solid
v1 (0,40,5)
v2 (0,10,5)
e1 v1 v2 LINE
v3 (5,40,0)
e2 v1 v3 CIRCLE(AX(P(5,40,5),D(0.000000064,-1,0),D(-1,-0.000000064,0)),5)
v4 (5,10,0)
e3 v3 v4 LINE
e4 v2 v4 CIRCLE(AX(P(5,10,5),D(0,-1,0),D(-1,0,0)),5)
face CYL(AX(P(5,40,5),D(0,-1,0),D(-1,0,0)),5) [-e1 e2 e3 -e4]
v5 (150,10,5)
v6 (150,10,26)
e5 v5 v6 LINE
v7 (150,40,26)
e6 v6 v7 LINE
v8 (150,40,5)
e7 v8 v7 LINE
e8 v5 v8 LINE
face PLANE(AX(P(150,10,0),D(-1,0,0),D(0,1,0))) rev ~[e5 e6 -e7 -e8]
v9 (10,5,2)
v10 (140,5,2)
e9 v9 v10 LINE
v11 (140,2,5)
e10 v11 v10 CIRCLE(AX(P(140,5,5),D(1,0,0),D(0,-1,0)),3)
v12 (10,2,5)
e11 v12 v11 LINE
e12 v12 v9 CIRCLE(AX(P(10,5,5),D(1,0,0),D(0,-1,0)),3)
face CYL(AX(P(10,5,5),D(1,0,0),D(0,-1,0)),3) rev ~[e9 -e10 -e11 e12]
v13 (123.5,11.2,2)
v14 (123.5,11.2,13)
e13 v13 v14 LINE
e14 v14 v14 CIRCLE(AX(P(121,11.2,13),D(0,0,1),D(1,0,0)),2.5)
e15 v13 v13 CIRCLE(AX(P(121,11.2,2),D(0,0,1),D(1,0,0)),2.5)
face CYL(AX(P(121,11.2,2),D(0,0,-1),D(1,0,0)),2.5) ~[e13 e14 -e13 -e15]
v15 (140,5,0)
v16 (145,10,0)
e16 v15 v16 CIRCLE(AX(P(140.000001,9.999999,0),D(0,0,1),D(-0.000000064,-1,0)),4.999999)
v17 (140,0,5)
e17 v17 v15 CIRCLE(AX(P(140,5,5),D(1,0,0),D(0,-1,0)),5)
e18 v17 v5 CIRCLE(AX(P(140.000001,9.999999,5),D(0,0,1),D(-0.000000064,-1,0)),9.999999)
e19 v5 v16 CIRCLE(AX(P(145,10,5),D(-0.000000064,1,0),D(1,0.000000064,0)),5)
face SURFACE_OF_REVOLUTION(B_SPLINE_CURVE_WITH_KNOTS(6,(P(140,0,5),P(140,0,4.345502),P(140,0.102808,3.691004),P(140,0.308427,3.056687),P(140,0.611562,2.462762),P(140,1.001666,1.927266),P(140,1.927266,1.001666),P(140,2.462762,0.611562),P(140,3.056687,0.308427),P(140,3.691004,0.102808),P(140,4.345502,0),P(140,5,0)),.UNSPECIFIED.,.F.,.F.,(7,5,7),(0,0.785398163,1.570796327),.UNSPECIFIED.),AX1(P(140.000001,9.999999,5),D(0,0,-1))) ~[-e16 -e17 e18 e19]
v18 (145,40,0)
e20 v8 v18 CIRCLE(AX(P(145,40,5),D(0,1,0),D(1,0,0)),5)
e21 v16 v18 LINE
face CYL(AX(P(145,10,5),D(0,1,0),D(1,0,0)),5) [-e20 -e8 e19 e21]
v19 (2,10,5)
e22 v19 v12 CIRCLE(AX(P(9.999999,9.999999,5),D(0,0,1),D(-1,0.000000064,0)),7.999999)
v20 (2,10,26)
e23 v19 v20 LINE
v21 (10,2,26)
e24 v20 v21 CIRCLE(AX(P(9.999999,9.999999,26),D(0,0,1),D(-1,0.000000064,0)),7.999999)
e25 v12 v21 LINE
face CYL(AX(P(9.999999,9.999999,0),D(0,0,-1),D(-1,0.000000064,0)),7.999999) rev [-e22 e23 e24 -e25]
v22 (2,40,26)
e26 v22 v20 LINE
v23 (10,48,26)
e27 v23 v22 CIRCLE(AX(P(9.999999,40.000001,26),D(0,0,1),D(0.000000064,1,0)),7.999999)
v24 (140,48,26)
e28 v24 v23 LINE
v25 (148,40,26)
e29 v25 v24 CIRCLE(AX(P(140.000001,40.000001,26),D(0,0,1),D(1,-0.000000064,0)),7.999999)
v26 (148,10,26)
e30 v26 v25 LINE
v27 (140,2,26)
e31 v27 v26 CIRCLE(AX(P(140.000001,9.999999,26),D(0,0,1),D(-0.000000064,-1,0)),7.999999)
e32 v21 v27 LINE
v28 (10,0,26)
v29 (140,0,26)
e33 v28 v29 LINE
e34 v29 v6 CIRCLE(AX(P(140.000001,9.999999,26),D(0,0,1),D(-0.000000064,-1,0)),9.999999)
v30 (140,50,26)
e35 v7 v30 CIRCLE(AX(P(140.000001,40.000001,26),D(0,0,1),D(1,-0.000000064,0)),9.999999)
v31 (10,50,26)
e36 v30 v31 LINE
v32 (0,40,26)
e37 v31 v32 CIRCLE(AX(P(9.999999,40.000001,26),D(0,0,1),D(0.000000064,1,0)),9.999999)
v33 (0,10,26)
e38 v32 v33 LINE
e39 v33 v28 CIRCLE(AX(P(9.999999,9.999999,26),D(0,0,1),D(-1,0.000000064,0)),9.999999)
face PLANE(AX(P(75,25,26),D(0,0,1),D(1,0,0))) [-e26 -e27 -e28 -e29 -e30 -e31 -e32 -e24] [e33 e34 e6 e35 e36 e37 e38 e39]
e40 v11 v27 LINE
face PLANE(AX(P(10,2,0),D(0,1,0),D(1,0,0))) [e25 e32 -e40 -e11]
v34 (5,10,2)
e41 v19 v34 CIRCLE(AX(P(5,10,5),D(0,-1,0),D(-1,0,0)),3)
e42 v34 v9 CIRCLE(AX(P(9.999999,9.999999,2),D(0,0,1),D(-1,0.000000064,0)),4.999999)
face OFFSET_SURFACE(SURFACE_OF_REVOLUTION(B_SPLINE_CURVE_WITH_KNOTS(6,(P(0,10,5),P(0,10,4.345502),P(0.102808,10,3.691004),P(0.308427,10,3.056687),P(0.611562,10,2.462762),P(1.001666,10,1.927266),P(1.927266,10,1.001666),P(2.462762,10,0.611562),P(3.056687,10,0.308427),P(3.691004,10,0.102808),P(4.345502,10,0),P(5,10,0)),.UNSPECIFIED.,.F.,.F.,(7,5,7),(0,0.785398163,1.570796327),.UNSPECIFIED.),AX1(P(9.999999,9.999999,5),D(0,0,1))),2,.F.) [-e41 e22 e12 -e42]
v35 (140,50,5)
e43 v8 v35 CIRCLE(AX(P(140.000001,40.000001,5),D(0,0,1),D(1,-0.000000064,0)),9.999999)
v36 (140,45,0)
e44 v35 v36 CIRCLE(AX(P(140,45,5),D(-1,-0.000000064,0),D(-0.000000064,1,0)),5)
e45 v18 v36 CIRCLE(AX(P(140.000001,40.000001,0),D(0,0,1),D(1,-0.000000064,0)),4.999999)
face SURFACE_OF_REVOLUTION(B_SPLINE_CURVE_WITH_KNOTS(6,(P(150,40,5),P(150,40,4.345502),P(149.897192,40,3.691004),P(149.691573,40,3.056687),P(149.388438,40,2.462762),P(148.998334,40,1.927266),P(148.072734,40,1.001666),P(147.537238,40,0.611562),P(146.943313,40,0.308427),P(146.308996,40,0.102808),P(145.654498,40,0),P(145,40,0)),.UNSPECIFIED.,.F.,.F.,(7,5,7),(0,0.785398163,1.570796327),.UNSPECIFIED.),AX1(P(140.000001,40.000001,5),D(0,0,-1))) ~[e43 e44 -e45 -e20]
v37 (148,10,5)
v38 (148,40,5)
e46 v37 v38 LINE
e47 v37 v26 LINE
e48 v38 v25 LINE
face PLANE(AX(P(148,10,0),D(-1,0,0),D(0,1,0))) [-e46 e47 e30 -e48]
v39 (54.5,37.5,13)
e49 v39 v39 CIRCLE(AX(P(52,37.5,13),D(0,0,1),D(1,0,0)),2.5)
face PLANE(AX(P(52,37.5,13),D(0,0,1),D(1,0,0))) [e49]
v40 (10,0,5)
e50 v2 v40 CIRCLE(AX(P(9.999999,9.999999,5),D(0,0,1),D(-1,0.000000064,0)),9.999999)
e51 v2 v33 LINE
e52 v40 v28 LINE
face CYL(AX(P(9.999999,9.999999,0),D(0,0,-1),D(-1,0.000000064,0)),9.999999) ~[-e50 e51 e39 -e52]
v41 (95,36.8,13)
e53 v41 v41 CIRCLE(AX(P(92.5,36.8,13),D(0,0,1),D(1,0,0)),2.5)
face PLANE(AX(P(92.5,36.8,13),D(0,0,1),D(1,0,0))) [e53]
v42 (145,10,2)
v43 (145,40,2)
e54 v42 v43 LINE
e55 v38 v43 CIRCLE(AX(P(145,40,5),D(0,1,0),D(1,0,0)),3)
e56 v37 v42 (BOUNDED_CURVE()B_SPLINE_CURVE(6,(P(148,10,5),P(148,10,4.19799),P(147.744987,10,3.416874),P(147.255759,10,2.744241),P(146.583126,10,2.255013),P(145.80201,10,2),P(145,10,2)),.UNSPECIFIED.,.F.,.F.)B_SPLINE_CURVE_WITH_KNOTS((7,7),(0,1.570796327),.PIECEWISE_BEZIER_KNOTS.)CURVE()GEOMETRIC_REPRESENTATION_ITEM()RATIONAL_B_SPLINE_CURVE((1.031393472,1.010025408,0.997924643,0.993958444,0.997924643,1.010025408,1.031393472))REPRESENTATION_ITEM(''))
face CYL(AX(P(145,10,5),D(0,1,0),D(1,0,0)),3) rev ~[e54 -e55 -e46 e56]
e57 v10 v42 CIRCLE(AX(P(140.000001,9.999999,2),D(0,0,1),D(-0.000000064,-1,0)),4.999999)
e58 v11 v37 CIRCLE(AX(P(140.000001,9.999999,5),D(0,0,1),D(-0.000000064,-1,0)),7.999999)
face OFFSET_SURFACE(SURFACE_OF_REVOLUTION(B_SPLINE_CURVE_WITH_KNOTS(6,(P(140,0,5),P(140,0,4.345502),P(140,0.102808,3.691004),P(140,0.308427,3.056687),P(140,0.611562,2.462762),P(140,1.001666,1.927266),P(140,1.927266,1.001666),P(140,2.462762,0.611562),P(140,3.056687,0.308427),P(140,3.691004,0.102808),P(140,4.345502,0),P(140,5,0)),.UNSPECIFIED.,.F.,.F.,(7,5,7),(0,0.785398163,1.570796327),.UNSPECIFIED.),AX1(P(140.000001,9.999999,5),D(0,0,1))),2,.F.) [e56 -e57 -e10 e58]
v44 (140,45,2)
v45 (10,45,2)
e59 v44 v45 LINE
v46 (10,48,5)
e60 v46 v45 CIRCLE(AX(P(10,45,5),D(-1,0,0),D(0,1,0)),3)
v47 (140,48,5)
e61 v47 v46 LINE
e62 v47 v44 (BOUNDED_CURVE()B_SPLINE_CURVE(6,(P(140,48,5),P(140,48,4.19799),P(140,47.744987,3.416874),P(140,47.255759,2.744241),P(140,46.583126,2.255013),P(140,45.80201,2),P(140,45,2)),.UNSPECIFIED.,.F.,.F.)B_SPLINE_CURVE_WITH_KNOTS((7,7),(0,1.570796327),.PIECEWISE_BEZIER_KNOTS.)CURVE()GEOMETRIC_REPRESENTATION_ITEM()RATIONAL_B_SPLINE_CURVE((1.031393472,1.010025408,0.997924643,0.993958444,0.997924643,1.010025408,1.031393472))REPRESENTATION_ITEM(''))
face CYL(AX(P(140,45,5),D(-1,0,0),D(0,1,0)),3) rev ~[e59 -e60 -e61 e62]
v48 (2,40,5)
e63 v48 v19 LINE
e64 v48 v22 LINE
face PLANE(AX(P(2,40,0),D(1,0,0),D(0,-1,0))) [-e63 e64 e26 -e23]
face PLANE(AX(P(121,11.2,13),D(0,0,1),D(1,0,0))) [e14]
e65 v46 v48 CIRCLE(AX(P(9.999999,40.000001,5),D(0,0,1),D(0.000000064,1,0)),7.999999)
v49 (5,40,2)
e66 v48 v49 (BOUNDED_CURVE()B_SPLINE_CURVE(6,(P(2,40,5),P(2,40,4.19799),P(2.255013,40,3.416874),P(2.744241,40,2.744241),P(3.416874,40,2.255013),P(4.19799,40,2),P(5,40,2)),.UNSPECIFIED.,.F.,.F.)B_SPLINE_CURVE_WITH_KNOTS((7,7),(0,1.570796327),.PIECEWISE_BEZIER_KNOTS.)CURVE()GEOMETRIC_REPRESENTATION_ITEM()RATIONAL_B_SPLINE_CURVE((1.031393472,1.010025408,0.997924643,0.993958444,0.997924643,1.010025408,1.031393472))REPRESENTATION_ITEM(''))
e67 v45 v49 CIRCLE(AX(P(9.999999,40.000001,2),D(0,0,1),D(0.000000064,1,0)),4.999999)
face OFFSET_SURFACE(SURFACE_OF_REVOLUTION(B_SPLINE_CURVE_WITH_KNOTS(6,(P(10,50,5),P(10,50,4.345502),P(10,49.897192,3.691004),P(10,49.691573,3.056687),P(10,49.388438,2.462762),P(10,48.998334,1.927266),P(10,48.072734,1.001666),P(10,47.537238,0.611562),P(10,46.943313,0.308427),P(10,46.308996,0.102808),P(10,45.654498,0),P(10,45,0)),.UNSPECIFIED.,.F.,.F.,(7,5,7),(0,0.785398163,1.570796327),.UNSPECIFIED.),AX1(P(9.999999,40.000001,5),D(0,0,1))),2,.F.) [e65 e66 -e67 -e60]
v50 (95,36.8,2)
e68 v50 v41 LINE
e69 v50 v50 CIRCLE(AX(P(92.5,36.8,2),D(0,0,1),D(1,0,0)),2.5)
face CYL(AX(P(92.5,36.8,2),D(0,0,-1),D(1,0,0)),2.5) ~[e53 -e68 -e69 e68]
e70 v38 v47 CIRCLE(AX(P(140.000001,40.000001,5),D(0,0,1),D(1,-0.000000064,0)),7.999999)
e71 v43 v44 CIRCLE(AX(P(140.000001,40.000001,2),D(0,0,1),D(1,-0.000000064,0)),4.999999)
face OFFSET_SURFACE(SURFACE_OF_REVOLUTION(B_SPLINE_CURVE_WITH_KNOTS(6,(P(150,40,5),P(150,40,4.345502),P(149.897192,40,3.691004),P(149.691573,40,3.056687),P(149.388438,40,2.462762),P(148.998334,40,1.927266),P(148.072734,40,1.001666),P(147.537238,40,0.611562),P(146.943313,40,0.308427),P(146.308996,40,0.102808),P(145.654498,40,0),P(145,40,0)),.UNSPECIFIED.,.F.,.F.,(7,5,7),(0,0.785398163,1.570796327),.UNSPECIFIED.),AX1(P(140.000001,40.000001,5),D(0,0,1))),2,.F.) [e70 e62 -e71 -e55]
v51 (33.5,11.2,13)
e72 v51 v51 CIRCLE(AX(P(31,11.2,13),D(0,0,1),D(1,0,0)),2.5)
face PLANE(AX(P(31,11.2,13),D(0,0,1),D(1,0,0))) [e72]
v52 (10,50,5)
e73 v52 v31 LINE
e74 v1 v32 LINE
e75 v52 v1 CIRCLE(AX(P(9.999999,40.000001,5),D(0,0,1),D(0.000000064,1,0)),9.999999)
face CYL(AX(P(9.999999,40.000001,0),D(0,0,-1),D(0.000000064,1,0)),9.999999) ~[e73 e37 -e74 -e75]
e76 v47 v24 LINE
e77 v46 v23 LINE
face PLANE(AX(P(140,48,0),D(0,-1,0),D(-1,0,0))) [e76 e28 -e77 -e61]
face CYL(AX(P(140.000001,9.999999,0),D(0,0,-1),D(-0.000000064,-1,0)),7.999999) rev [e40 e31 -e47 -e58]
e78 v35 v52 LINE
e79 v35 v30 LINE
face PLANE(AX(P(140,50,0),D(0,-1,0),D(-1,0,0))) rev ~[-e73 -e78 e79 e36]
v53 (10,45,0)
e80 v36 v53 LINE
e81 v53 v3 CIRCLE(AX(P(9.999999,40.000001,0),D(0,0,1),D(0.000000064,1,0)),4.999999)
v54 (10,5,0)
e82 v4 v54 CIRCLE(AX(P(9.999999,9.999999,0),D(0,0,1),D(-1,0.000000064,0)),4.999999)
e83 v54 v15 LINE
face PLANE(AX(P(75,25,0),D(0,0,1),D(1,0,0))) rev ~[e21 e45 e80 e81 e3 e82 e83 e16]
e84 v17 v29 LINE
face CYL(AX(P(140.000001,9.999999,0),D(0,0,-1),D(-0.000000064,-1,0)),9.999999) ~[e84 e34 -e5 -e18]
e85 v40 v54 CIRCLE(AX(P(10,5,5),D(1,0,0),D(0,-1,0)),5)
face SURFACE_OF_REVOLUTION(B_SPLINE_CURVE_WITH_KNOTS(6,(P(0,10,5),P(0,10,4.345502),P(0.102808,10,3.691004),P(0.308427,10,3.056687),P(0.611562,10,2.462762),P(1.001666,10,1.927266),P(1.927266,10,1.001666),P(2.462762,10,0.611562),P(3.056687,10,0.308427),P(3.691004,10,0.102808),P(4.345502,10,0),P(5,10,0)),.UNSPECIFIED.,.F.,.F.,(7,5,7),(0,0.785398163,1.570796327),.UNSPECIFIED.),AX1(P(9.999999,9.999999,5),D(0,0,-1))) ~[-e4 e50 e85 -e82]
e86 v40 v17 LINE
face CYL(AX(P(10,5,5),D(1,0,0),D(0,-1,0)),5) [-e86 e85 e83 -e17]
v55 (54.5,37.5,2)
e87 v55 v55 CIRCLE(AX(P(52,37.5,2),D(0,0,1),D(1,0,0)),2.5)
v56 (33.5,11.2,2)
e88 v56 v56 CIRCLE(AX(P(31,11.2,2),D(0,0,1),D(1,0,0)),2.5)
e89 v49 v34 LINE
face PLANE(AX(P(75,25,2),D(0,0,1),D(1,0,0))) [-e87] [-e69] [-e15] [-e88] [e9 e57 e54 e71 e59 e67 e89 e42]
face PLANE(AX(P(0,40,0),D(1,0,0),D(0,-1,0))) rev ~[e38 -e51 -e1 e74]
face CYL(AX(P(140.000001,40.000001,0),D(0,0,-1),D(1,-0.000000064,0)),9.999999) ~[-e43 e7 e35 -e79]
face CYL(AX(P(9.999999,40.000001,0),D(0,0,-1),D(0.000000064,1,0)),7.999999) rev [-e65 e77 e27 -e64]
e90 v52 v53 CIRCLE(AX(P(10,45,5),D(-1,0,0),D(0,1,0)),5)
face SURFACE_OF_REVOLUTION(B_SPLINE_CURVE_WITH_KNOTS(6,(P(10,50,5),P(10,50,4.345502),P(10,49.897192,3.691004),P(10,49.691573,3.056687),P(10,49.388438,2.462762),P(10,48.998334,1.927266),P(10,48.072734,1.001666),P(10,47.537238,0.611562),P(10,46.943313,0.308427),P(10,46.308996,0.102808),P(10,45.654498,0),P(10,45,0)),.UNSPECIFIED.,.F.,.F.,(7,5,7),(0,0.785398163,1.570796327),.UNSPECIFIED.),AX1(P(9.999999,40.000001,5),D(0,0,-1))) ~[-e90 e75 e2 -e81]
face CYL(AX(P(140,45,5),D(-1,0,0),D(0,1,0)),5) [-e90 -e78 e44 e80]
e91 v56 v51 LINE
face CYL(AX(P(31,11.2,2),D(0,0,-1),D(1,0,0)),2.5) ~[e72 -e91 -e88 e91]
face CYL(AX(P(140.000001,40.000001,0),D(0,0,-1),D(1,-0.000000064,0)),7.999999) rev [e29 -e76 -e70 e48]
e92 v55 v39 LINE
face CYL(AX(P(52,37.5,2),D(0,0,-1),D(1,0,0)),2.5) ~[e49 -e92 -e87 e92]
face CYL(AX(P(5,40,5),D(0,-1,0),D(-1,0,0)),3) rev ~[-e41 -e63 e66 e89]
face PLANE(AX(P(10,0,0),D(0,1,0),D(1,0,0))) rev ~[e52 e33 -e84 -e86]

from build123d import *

# Parameters (mm, degrees)
PAD001_DEPTH = 26
FILLET_R     = 5
THICKNESS_T  = -2
SKETCH010_R  = 2.5
PAD004_DEPTH = 11


with BuildPart() as part:
    # Sketch002 → Pad001 (new body)
    with BuildSketch(Plane.XY):
        with BuildLine():
            Line((10, 0), (140, 0))
            ThreePointArc((140, 0), (147.071068, 2.928932), (150, 10))
            Line((150, 10), (150, 40))
            ThreePointArc((150, 40), (147.071068, 47.071068), (140, 50))
            Line((140, 50), (10, 50))
            ThreePointArc((10, 50), (2.928932, 47.071068), (0, 40))
            Line((0, 40), (0, 10))
            ThreePointArc((0, 10), (2.928932, 2.928932), (10, 0))
        make_face()
    extrude(amount=PAD001_DEPTH)

    # Fillet
    fillet_edges = [part.edges().sort_by_distance(p)[0] for p in [
        (75, 0, 0),
    ]]
    fillet(fillet_edges, radius=FILLET_R)

    # Thickness
    thickness_openings = [part.faces().sort_by_distance(p)[0] for p in [
        (75, 25, 26),
    ]]
    offset(amount=THICKNESS_T, openings=thickness_openings)

    # Sketch010 (on Face28 of Thickness) → Pad004 (join)
    with BuildSketch(Plane.XY.offset(2)):
        with Locations((52, 37.5)):
            Circle(SKETCH010_R)
        with Locations((92.5, 36.8)):
            Circle(SKETCH010_R)
        with Locations((121, 11.2)):
            Circle(SKETCH010_R)
        with Locations((31, 11.2)):
            Circle(SKETCH010_R)
    extrude(amount=PAD004_DEPTH)


solid = part.part
